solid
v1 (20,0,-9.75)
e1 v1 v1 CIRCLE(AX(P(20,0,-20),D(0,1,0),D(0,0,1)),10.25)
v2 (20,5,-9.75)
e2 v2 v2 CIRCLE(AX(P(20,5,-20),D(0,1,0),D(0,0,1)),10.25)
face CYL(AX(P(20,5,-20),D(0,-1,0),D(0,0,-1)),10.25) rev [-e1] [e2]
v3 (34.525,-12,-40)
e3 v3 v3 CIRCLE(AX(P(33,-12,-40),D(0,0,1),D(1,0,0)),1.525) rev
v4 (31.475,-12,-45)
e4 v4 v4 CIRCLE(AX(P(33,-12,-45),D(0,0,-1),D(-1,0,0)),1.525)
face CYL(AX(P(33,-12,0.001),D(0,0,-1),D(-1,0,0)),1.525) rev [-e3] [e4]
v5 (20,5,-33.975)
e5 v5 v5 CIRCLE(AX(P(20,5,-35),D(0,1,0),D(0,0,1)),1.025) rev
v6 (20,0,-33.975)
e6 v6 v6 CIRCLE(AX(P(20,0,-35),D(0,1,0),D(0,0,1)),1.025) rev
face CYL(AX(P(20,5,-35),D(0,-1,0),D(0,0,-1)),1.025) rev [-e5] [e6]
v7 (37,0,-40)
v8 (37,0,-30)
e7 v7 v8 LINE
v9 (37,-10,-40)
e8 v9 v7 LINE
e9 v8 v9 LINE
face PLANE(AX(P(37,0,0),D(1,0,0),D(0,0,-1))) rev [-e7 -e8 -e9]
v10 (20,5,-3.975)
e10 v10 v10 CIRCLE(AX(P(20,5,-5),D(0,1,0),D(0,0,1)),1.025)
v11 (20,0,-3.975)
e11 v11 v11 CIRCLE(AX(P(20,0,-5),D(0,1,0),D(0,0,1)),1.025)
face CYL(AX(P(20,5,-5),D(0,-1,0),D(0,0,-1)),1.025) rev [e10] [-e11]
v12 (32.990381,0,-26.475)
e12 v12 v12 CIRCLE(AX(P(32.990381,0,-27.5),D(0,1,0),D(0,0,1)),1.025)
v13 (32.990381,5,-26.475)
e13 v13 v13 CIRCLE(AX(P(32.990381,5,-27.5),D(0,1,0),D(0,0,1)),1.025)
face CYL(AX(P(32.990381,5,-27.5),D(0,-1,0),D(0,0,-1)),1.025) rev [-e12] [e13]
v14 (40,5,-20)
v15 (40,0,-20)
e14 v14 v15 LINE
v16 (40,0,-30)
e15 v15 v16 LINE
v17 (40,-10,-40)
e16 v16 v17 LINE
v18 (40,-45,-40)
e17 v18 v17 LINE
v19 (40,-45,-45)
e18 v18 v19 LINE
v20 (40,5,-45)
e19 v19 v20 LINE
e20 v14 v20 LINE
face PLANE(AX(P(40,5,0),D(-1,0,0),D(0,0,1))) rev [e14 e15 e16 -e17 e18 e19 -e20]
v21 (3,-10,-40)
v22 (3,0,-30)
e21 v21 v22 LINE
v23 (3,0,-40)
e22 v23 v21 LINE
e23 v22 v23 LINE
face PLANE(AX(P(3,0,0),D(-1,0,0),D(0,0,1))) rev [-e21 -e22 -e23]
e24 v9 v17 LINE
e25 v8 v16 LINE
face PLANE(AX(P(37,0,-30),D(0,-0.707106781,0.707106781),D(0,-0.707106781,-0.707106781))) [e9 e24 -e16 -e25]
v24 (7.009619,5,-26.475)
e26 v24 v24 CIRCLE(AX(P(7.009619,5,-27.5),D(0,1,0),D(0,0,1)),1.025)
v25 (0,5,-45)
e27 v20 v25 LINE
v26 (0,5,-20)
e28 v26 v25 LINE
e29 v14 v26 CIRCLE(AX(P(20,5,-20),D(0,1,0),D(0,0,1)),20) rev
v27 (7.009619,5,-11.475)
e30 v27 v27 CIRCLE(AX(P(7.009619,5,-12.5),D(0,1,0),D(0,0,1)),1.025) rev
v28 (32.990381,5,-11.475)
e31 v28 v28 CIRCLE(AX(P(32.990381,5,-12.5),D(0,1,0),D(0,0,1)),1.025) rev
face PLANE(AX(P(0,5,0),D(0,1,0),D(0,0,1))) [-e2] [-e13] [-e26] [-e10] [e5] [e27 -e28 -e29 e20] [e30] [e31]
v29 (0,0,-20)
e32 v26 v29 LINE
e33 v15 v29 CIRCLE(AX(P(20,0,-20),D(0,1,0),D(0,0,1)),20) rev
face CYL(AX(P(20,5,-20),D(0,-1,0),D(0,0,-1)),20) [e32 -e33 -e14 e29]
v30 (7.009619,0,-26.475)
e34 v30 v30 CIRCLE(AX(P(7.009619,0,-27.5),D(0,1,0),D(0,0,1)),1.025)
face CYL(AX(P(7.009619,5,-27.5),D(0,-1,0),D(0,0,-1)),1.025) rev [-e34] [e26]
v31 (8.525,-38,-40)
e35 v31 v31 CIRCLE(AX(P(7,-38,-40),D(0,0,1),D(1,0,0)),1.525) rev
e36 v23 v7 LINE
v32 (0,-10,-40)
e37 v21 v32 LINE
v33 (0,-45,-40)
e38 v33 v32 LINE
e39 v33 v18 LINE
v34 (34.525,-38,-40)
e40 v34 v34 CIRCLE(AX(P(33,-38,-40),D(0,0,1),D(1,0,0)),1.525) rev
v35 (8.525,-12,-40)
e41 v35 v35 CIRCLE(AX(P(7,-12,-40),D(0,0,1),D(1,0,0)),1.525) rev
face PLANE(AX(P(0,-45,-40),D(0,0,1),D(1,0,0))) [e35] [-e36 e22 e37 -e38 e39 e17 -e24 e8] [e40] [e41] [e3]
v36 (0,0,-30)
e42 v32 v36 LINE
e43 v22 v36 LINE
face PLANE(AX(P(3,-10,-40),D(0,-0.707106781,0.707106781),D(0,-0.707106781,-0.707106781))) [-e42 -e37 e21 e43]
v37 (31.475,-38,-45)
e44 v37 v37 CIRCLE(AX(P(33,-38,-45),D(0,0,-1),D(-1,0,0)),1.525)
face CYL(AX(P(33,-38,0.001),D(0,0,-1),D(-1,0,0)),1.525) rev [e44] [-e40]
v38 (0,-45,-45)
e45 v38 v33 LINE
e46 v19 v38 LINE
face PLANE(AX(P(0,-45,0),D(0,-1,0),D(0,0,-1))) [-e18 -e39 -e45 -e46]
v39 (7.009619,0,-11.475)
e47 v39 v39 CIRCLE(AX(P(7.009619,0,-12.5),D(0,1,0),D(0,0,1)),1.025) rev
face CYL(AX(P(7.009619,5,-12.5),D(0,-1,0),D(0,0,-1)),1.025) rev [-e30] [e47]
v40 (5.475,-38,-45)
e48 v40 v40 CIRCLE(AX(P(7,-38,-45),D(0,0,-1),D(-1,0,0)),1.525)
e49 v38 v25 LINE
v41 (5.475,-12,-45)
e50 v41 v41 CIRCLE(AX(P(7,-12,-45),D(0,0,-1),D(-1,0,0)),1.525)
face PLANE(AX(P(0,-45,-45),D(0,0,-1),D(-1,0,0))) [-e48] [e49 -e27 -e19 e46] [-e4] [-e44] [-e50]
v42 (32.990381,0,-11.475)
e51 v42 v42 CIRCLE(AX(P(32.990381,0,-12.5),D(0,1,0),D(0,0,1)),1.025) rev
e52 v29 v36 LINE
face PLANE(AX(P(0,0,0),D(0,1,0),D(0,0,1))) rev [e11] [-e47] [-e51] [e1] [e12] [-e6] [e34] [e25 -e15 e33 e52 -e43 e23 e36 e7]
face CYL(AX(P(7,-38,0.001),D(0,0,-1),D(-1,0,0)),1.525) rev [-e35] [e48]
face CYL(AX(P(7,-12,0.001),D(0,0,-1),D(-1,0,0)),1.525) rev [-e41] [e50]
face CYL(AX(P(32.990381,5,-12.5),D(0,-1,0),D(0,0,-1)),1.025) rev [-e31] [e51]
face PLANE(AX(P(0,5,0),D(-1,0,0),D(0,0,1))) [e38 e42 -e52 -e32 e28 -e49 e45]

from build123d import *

# Parameters (mm, degrees)
SKETCH_1_R          = 1.025
SKETCH_1_R_2        = 10.25
EXTRUDE_2_DEPTH     = 5
SKETCH_2_W          = 40
SKETCH_2_H          = 5
EXTRUDE_3_DEPTH     = 50
CUT_EXTRUDE_1_REACH = 77.166
SKETCH_3_R          = 1.525
EXTRUDE_4_DEPTH     = 3
EXTRUDE_5_DEPTH     = 3


with BuildPart() as part:
    # 草图1 → 凸台-拉伸2 (new body)
    with BuildSketch(Plane(origin=(0, 0, 0), x_dir=(1, 0, 0), z_dir=(0, 1, 0))):
        with BuildLine():
            ThreePointArc((0, 20), (5.857864376, 5.857864376), (20, 0))
            ThreePointArc((20, 0), (34.142135624, 5.857864376), (40, 20))
            Line((40, 20), (40, 40))
            Line((40, 40), (0, 40))
            Line((0, 40), (0, 20))
        make_face()
        with Locations(Location((7.009618943, 12.5, 0), (0, 0, 270))):
            Circle(SKETCH_1_R, mode=Mode.SUBTRACT)
        with Locations(Location((20, 5, 0), (0, 0, 270))):
            Circle(SKETCH_1_R, mode=Mode.SUBTRACT)
        with Locations(Location((32.990381057, 12.5, 0), (0, 0, 270))):
            Circle(SKETCH_1_R, mode=Mode.SUBTRACT)
        with Locations(Location((7.009618943, 27.5, 0), (0, 0, 270))):
            Circle(SKETCH_1_R, mode=Mode.SUBTRACT)
        with Locations(Location((20, 20, 0), (0, 0, 270))):
            Circle(SKETCH_1_R_2, mode=Mode.SUBTRACT)
        with Locations(Location((32.990381057, 27.5, 0), (0, 0, 270))):
            Circle(SKETCH_1_R, mode=Mode.SUBTRACT)
        with Locations(Location((20, 35, 0), (0, 0, 270))):
            Circle(SKETCH_1_R, mode=Mode.SUBTRACT)
    extrude(amount=EXTRUDE_2_DEPTH)

    # 草图2 → 凸台-拉伸3 (add)
    with BuildSketch(Plane(origin=(0, 5, 0), x_dir=(1, 0, 0), z_dir=(0, 1, 0))):
        with Locations((20, 42.5)):
            Rectangle(SKETCH_2_W, SKETCH_2_H)
    extrude(amount=-EXTRUDE_3_DEPTH)

    # 草图3 → 切除-拉伸1 (cut, up to next)
    with BuildSketch(Plane(origin=(0, 0, -45), x_dir=(-1, 0, 0), z_dir=(0, 0, -1)), mode=Mode.PRIVATE) as cut_extrude_1_sk1:
        with Locations((-7, -12)):
            Circle(SKETCH_3_R)
    cut_extrude_1_tool1 = extrude(cut_extrude_1_sk1.sketch, amount=-CUT_EXTRUDE_1_REACH, mode=Mode.PRIVATE) & part.part
    # 草图3 → 切除-拉伸1 (cut, up to next)
    with BuildSketch(Plane(origin=(0, 0, -45), x_dir=(-1, 0, 0), z_dir=(0, 0, -1)), mode=Mode.PRIVATE) as cut_extrude_1_sk2:
        with Locations((-7, -38)):
            Circle(SKETCH_3_R)
    cut_extrude_1_tool2 = extrude(cut_extrude_1_sk2.sketch, amount=-CUT_EXTRUDE_1_REACH, mode=Mode.PRIVATE) & part.part
    # 草图3 → 切除-拉伸1 (cut, up to next)
    with BuildSketch(Plane(origin=(0, 0, -45), x_dir=(-1, 0, 0), z_dir=(0, 0, -1)), mode=Mode.PRIVATE) as cut_extrude_1_sk3:
        with Locations((-33, -38)):
            Circle(SKETCH_3_R)
    cut_extrude_1_tool3 = extrude(cut_extrude_1_sk3.sketch, amount=-CUT_EXTRUDE_1_REACH, mode=Mode.PRIVATE) & part.part
    # 草图3 → 切除-拉伸1 (cut, up to next)
    with BuildSketch(Plane(origin=(0, 0, -45), x_dir=(-1, 0, 0), z_dir=(0, 0, -1)), mode=Mode.PRIVATE) as cut_extrude_1_sk4:
        with Locations((-33, -12)):
            Circle(SKETCH_3_R)
    cut_extrude_1_tool4 = extrude(cut_extrude_1_sk4.sketch, amount=-CUT_EXTRUDE_1_REACH, mode=Mode.PRIVATE) & part.part
    add(cut_extrude_1_tool1.solids().sort_by_distance((7, -12, -45))[0], mode=Mode.SUBTRACT)
    add(cut_extrude_1_tool2.solids().sort_by_distance((7, -38, -45))[0], mode=Mode.SUBTRACT)
    add(cut_extrude_1_tool3.solids().sort_by_distance((33, -38, -45))[0], mode=Mode.SUBTRACT)
    add(cut_extrude_1_tool4.solids().sort_by_distance((33, -12, -45))[0], mode=Mode.SUBTRACT)

    # 草图4 → 凸台-拉伸4 (add)
    with BuildSketch(Plane.ZY):
        Polygon((-30, 0), (-40, 0), (-40, -10), align=None)
    extrude(amount=-EXTRUDE_4_DEPTH)

    # 草图5 → 凸台-拉伸5 (add)
    with BuildSketch(Plane(origin=(40, 0, 0), x_dir=(0, 0, -1), z_dir=(1, 0, 0))):
        Polygon((40, -10), (40, 0), (30, 0), align=None)
    extrude(amount=-EXTRUDE_5_DEPTH)


solid = part.part
